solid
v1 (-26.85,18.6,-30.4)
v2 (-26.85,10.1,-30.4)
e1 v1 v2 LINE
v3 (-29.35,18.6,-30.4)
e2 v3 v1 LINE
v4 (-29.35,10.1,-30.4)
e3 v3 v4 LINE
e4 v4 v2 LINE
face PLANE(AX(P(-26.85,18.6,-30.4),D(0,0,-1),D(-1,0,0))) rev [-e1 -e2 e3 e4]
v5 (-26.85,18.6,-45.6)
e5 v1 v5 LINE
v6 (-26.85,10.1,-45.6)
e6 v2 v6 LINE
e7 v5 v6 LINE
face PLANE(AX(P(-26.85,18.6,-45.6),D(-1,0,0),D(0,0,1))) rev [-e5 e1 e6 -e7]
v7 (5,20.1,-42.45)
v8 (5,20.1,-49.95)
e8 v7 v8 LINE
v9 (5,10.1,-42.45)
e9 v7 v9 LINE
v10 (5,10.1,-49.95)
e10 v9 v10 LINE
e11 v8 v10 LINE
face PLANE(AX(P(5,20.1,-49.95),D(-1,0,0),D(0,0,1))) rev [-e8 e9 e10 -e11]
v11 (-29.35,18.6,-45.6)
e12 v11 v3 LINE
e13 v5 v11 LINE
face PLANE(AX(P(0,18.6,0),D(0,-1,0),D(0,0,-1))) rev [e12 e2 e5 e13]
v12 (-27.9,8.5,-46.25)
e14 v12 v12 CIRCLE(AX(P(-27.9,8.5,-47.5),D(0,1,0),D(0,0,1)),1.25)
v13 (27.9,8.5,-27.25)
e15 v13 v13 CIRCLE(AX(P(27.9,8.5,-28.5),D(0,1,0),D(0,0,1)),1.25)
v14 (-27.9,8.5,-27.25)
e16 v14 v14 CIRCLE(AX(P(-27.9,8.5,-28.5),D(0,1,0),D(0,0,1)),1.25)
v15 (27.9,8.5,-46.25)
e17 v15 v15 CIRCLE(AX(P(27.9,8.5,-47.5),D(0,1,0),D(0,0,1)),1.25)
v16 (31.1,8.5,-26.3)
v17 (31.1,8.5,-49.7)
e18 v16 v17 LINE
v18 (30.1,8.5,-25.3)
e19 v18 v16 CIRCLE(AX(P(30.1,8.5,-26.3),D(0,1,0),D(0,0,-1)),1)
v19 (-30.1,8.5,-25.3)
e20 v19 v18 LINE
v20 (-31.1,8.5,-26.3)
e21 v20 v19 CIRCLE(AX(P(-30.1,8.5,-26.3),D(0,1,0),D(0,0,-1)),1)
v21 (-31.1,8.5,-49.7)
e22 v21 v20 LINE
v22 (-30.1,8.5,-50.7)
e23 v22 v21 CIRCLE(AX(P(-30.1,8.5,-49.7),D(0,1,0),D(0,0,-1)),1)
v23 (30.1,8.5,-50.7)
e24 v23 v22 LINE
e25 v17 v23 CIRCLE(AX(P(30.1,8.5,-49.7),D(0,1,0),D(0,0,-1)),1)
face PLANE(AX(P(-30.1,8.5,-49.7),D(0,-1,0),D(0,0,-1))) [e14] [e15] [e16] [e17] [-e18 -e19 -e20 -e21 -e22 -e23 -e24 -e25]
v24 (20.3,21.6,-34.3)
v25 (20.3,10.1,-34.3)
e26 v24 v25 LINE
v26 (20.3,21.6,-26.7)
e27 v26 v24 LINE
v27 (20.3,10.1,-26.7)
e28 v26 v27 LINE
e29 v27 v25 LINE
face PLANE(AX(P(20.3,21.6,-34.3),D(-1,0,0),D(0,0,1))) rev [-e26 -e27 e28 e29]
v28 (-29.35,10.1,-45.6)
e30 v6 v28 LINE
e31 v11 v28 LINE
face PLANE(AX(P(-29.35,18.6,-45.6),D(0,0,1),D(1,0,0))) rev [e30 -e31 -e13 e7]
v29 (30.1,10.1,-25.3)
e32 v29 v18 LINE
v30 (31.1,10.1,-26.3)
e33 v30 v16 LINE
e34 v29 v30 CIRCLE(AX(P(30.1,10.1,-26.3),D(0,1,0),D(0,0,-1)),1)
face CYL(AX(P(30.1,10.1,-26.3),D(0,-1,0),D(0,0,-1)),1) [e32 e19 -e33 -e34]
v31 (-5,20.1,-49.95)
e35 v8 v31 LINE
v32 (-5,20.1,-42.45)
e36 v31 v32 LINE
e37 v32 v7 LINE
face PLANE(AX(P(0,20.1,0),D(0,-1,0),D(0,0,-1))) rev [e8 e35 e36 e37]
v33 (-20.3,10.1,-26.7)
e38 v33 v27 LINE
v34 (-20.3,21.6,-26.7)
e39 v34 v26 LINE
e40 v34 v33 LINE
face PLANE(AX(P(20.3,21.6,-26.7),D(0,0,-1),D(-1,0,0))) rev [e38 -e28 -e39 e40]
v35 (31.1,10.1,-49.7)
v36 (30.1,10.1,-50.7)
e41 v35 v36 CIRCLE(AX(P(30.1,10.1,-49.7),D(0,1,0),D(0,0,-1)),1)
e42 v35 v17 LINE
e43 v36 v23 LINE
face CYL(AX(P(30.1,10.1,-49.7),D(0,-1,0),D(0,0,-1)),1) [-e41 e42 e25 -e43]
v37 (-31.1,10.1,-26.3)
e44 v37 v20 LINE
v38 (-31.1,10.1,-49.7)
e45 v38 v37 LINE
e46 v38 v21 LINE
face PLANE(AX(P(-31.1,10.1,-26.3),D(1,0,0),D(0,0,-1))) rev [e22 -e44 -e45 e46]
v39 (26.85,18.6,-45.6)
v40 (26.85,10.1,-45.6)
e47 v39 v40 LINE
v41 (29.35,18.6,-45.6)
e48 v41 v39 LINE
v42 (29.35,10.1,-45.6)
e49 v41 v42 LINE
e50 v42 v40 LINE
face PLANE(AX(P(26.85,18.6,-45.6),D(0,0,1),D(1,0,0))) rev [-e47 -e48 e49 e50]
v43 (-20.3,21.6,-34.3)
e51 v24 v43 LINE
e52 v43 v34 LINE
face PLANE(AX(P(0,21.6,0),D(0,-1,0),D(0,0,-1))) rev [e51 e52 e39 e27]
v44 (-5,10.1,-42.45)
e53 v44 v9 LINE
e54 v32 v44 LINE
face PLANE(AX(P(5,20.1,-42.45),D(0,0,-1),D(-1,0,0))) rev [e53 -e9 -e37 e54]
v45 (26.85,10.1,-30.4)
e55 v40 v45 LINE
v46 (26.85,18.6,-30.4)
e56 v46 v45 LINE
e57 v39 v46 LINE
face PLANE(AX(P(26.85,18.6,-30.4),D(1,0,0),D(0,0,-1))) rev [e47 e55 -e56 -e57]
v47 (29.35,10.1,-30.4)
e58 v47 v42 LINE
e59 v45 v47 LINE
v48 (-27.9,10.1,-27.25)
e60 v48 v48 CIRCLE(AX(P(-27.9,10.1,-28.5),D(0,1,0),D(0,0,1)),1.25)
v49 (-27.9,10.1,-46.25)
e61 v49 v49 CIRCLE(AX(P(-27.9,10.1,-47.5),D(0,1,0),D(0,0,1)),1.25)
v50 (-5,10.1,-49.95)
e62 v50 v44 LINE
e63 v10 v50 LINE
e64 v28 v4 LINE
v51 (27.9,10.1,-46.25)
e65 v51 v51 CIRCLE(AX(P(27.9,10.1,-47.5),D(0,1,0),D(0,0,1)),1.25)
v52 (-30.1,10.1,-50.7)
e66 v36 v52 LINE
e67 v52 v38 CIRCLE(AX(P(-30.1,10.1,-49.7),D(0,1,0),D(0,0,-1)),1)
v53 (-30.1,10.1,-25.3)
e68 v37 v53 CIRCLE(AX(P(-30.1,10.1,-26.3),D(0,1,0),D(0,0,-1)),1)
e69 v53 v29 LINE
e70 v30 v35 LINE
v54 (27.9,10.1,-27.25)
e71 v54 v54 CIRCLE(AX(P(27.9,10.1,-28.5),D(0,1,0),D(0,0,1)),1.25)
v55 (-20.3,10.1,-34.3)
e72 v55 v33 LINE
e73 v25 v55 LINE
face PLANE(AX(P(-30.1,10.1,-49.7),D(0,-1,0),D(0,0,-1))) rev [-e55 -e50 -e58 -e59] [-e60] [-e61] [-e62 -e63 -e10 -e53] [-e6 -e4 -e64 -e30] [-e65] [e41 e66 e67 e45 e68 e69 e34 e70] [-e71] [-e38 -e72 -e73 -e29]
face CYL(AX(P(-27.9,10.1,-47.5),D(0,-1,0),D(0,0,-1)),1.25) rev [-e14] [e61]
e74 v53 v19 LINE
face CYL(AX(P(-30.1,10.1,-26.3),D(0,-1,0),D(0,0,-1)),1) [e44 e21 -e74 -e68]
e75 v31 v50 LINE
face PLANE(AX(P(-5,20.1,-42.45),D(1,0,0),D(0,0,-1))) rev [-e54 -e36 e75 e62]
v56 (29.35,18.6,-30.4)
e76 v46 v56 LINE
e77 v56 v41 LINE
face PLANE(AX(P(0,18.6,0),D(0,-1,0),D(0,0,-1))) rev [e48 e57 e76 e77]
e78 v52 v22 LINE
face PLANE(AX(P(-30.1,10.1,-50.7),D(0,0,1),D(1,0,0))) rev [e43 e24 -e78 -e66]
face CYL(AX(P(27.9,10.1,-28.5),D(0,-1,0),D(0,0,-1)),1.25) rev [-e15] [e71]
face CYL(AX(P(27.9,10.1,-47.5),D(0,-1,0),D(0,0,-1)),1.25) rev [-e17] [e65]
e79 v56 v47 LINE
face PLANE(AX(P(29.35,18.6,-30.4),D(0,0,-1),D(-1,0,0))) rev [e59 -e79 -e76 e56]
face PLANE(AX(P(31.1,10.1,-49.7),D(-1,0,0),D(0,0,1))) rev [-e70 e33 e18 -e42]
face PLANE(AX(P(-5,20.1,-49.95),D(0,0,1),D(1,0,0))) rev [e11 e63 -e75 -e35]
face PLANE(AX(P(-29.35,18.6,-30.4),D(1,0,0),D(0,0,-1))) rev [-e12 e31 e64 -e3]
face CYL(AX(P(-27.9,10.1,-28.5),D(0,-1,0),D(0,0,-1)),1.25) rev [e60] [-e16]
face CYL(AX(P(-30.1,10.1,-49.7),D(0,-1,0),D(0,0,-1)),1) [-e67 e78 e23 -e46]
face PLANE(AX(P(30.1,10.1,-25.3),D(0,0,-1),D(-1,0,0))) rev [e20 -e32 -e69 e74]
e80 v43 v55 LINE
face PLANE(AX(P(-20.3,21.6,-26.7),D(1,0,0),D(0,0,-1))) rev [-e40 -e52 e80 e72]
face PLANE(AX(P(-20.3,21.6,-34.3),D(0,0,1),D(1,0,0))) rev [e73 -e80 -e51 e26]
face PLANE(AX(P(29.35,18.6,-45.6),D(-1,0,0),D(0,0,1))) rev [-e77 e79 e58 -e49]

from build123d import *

# Parameters (mm, degrees)
BOARD_START         = 8.5
SKETCH1_R           = 1.25
BOARD_DEPTH         = 1.6
SERVO_START         = 10.1
SKETCH2_W           = 40.6
SKETCH2_H           = 7.6
SERVO_HEADERS_DEPTH = 11.5
V_START             = 10.1
SKETCH3_W           = 10
SKETCH3_H           = 7.5
V_TERMINAL_DEPTH    = 10
I2C_START           = 10.1
SKETCH4_W           = 2.5
SKETCH4_H           = 15.2
I2C_HEADERS_DEPTH   = 8.5


with BuildPart() as part:
    # Sketch1 → Board (new body)
    with BuildSketch(Plane(origin=(0, 0, 0), x_dir=(1, 0, 0), z_dir=(0, 1, 0)).offset(BOARD_START)):
        with BuildLine():
            Line((-30.1, 50.7), (30.1, 50.7))
            ThreePointArc((30.1, 50.7), (30.807106781, 50.407106781), (31.1, 49.7))
            Line((31.1, 49.7), (31.1, 26.3))
            ThreePointArc((31.1, 26.3), (30.807106781, 25.592893219), (30.1, 25.3))
            Line((30.1, 25.3), (-30.1, 25.3))
            ThreePointArc((-30.1, 25.3), (-30.807106781, 25.592893219), (-31.1, 26.3))
            Line((-31.1, 26.3), (-31.1, 49.7))
            ThreePointArc((-31.1, 49.7), (-30.807106781, 50.407106781), (-30.1, 50.7))
        make_face()
        with Locations(Location((-27.9, 47.5, 0), (0, 0, 270))):
            Circle(SKETCH1_R, mode=Mode.SUBTRACT)
        with Locations(Location((-27.9, 28.5, 0), (0, 0, 270))):
            Circle(SKETCH1_R, mode=Mode.SUBTRACT)
        with Locations(Location((27.9, 47.5, 0), (0, 0, 270))):
            Circle(SKETCH1_R, mode=Mode.SUBTRACT)
        with Locations(Location((27.9, 28.5, 0), (0, 0, 270))):
            Circle(SKETCH1_R, mode=Mode.SUBTRACT)
    extrude(amount=BOARD_DEPTH)

    # Sketch2 → Servo headers (add)
    with BuildSketch(Plane(origin=(0, 0, 0), x_dir=(1, 0, 0), z_dir=(0, 1, 0)).offset(SERVO_START)):
        with Locations((0, 30.5)):
            Rectangle(SKETCH2_W, SKETCH2_H)
    extrude(amount=SERVO_HEADERS_DEPTH)

    # Sketch3 → V+ terminal (add)
    with BuildSketch(Plane(origin=(0, 0, 0), x_dir=(1, 0, 0), z_dir=(0, 1, 0)).offset(V_START)):
        with Locations((0, 46.2)):
            Rectangle(SKETCH3_W, SKETCH3_H)
    extrude(amount=V_TERMINAL_DEPTH)

    # Sketch4 → I2C headers (add)
    with BuildSketch(Plane(origin=(0, 0, 0), x_dir=(1, 0, 0), z_dir=(0, 1, 0)).offset(I2C_START)):
        with Locations((-28.1, 38)):
            Rectangle(SKETCH4_W, SKETCH4_H)
        with Locations((28.1, 38)):
            Rectangle(SKETCH4_W, SKETCH4_H)
    extrude(amount=I2C_HEADERS_DEPTH)


solid = part.part
